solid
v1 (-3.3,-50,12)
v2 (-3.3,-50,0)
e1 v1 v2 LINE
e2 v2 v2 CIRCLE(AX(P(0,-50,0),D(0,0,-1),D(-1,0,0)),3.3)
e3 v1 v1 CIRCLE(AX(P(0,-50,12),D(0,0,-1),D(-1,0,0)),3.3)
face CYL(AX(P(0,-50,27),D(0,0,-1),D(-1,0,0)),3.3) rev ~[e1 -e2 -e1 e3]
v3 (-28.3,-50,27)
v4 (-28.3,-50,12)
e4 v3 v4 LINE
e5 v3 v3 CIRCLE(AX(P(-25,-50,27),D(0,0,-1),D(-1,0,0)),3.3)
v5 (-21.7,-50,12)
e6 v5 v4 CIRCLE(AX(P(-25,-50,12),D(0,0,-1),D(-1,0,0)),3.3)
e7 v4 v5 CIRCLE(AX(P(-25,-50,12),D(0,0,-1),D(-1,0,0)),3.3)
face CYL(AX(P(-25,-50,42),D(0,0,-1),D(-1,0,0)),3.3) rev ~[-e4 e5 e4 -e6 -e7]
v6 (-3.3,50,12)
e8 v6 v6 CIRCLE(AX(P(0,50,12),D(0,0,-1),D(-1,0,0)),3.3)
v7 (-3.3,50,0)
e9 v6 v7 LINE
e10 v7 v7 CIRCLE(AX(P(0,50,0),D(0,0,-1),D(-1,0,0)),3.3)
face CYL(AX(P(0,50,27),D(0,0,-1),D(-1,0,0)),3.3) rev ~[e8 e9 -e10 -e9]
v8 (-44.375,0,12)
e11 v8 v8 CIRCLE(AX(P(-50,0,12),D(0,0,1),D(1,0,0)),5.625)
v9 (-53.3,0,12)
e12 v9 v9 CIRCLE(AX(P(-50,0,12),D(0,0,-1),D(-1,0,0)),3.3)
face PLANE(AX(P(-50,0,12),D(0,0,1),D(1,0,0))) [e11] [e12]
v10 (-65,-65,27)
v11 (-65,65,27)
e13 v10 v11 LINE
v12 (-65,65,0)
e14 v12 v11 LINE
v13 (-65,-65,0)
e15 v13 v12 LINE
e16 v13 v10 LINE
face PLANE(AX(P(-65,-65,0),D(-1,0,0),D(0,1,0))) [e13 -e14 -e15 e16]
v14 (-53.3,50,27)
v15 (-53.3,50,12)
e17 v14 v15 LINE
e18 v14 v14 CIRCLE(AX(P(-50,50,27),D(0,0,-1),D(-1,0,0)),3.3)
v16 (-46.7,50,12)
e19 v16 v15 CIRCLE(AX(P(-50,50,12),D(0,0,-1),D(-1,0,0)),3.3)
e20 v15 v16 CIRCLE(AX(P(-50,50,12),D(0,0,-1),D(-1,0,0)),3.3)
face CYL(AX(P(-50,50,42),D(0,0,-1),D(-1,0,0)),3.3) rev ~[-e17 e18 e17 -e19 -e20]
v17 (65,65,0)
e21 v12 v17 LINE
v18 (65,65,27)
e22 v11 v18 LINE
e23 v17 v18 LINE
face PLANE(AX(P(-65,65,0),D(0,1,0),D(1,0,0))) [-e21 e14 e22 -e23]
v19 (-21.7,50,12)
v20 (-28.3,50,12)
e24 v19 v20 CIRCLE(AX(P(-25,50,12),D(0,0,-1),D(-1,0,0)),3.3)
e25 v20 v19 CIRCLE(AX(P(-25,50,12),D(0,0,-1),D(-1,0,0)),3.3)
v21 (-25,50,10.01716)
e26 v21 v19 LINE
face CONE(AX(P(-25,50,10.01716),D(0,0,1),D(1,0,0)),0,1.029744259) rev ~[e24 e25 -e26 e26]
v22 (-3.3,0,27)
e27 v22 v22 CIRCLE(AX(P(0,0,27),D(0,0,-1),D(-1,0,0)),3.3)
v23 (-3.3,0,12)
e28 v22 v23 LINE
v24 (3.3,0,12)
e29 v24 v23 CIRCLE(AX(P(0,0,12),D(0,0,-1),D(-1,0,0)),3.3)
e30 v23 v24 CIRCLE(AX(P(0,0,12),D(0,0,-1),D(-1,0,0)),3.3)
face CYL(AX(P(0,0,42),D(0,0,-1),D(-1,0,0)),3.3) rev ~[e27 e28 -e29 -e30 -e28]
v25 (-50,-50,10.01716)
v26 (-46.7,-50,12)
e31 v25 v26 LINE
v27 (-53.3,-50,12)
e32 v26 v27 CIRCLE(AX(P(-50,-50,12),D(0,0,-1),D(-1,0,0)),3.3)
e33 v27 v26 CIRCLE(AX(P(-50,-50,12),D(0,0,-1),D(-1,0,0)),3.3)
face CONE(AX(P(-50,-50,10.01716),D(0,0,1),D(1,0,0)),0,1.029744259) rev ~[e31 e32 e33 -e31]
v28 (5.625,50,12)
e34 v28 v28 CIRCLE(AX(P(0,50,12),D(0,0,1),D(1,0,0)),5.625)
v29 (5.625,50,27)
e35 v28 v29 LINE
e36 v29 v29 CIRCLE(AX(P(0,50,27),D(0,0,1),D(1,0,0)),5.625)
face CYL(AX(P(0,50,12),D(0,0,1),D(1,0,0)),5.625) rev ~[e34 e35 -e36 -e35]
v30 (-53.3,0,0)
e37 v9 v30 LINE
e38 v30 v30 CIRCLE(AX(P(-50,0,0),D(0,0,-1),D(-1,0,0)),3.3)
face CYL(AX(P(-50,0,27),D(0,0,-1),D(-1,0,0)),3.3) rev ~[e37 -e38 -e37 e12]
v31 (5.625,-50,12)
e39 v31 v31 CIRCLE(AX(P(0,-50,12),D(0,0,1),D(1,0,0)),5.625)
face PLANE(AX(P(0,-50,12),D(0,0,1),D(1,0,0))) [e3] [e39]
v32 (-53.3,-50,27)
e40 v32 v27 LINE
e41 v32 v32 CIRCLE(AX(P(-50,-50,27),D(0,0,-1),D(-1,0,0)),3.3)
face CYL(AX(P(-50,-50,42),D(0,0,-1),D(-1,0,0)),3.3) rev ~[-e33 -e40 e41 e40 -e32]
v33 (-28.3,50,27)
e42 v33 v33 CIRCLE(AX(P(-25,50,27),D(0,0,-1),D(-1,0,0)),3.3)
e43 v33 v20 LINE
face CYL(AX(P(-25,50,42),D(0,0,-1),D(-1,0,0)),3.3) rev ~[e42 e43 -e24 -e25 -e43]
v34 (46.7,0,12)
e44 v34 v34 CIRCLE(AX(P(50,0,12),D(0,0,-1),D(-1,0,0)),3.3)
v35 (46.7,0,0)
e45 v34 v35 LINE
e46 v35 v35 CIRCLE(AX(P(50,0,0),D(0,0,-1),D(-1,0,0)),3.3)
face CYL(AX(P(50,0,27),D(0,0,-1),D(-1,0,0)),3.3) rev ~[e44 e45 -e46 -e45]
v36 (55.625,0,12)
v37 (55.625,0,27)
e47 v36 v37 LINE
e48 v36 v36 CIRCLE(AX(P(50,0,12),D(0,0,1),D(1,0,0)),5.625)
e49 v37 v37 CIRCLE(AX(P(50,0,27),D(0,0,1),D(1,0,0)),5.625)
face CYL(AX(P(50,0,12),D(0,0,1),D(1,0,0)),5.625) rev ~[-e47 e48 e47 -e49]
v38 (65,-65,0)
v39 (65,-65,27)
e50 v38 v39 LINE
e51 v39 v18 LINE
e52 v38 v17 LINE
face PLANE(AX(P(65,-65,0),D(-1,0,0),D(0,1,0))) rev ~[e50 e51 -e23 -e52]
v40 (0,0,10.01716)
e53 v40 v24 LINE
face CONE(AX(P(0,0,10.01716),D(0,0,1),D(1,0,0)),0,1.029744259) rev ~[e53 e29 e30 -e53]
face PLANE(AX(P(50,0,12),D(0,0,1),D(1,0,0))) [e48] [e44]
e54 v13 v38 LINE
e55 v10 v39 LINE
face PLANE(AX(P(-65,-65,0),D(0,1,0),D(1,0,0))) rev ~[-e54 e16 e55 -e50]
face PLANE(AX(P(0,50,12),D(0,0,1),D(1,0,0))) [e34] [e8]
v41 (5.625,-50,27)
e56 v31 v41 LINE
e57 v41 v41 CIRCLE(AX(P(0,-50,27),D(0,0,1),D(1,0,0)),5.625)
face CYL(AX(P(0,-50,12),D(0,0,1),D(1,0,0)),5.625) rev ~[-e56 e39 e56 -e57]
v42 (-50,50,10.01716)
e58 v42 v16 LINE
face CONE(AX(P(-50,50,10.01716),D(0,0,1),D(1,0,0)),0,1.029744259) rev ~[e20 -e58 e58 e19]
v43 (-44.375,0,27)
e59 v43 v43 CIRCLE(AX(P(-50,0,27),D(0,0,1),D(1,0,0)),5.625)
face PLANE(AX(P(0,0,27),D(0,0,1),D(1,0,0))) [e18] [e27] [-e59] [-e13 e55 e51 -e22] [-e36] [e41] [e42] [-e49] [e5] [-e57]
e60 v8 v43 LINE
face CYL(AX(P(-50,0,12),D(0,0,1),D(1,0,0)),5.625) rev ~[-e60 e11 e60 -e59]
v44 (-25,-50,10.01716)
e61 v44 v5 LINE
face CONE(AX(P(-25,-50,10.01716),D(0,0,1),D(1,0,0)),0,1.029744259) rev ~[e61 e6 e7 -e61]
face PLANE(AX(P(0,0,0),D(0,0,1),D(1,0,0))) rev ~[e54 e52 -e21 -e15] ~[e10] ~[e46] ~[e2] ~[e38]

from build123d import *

# Parameters (mm, degrees)
F0_W           = 130
F0_H           = 130
F1_DEPTH       = 27
F3_D           = 6.6
F3_CBORE_D     = 11.25
F3_CBORE_DEPTH = 15
F4_D           = 6.6
F4_DEPTH       = 15
F4_TIP         = 1.9828400428


with BuildPart() as f1:
    # F0 (on Top) → F1 (new body)
    with BuildSketch(Plane.XY):
        Rectangle(F0_W, F0_H)
    extrude(amount=F1_DEPTH)

    # F3 (through all)
    with Locations(Plane.XY.offset(27)):
        with Locations((0, 50), (-50, 0), (0, -50), (50, 0)):
            CounterBoreHole(F3_D / 2, F3_CBORE_D / 2, F3_CBORE_DEPTH)

    # F4
    with Locations(Plane.XY.offset(27)):
        with Locations((-25, 50), (-25, -50), (-50, -50), (-50, 50), (0, 0)):
            Hole(F4_D / 2, depth=F4_DEPTH)
            with Locations((0, 0, -(F4_DEPTH + F4_TIP / 2))):  # 118° drill point
                Cone(0, F4_D / 2, F4_TIP, mode=Mode.SUBTRACT)


solid = f1.part
